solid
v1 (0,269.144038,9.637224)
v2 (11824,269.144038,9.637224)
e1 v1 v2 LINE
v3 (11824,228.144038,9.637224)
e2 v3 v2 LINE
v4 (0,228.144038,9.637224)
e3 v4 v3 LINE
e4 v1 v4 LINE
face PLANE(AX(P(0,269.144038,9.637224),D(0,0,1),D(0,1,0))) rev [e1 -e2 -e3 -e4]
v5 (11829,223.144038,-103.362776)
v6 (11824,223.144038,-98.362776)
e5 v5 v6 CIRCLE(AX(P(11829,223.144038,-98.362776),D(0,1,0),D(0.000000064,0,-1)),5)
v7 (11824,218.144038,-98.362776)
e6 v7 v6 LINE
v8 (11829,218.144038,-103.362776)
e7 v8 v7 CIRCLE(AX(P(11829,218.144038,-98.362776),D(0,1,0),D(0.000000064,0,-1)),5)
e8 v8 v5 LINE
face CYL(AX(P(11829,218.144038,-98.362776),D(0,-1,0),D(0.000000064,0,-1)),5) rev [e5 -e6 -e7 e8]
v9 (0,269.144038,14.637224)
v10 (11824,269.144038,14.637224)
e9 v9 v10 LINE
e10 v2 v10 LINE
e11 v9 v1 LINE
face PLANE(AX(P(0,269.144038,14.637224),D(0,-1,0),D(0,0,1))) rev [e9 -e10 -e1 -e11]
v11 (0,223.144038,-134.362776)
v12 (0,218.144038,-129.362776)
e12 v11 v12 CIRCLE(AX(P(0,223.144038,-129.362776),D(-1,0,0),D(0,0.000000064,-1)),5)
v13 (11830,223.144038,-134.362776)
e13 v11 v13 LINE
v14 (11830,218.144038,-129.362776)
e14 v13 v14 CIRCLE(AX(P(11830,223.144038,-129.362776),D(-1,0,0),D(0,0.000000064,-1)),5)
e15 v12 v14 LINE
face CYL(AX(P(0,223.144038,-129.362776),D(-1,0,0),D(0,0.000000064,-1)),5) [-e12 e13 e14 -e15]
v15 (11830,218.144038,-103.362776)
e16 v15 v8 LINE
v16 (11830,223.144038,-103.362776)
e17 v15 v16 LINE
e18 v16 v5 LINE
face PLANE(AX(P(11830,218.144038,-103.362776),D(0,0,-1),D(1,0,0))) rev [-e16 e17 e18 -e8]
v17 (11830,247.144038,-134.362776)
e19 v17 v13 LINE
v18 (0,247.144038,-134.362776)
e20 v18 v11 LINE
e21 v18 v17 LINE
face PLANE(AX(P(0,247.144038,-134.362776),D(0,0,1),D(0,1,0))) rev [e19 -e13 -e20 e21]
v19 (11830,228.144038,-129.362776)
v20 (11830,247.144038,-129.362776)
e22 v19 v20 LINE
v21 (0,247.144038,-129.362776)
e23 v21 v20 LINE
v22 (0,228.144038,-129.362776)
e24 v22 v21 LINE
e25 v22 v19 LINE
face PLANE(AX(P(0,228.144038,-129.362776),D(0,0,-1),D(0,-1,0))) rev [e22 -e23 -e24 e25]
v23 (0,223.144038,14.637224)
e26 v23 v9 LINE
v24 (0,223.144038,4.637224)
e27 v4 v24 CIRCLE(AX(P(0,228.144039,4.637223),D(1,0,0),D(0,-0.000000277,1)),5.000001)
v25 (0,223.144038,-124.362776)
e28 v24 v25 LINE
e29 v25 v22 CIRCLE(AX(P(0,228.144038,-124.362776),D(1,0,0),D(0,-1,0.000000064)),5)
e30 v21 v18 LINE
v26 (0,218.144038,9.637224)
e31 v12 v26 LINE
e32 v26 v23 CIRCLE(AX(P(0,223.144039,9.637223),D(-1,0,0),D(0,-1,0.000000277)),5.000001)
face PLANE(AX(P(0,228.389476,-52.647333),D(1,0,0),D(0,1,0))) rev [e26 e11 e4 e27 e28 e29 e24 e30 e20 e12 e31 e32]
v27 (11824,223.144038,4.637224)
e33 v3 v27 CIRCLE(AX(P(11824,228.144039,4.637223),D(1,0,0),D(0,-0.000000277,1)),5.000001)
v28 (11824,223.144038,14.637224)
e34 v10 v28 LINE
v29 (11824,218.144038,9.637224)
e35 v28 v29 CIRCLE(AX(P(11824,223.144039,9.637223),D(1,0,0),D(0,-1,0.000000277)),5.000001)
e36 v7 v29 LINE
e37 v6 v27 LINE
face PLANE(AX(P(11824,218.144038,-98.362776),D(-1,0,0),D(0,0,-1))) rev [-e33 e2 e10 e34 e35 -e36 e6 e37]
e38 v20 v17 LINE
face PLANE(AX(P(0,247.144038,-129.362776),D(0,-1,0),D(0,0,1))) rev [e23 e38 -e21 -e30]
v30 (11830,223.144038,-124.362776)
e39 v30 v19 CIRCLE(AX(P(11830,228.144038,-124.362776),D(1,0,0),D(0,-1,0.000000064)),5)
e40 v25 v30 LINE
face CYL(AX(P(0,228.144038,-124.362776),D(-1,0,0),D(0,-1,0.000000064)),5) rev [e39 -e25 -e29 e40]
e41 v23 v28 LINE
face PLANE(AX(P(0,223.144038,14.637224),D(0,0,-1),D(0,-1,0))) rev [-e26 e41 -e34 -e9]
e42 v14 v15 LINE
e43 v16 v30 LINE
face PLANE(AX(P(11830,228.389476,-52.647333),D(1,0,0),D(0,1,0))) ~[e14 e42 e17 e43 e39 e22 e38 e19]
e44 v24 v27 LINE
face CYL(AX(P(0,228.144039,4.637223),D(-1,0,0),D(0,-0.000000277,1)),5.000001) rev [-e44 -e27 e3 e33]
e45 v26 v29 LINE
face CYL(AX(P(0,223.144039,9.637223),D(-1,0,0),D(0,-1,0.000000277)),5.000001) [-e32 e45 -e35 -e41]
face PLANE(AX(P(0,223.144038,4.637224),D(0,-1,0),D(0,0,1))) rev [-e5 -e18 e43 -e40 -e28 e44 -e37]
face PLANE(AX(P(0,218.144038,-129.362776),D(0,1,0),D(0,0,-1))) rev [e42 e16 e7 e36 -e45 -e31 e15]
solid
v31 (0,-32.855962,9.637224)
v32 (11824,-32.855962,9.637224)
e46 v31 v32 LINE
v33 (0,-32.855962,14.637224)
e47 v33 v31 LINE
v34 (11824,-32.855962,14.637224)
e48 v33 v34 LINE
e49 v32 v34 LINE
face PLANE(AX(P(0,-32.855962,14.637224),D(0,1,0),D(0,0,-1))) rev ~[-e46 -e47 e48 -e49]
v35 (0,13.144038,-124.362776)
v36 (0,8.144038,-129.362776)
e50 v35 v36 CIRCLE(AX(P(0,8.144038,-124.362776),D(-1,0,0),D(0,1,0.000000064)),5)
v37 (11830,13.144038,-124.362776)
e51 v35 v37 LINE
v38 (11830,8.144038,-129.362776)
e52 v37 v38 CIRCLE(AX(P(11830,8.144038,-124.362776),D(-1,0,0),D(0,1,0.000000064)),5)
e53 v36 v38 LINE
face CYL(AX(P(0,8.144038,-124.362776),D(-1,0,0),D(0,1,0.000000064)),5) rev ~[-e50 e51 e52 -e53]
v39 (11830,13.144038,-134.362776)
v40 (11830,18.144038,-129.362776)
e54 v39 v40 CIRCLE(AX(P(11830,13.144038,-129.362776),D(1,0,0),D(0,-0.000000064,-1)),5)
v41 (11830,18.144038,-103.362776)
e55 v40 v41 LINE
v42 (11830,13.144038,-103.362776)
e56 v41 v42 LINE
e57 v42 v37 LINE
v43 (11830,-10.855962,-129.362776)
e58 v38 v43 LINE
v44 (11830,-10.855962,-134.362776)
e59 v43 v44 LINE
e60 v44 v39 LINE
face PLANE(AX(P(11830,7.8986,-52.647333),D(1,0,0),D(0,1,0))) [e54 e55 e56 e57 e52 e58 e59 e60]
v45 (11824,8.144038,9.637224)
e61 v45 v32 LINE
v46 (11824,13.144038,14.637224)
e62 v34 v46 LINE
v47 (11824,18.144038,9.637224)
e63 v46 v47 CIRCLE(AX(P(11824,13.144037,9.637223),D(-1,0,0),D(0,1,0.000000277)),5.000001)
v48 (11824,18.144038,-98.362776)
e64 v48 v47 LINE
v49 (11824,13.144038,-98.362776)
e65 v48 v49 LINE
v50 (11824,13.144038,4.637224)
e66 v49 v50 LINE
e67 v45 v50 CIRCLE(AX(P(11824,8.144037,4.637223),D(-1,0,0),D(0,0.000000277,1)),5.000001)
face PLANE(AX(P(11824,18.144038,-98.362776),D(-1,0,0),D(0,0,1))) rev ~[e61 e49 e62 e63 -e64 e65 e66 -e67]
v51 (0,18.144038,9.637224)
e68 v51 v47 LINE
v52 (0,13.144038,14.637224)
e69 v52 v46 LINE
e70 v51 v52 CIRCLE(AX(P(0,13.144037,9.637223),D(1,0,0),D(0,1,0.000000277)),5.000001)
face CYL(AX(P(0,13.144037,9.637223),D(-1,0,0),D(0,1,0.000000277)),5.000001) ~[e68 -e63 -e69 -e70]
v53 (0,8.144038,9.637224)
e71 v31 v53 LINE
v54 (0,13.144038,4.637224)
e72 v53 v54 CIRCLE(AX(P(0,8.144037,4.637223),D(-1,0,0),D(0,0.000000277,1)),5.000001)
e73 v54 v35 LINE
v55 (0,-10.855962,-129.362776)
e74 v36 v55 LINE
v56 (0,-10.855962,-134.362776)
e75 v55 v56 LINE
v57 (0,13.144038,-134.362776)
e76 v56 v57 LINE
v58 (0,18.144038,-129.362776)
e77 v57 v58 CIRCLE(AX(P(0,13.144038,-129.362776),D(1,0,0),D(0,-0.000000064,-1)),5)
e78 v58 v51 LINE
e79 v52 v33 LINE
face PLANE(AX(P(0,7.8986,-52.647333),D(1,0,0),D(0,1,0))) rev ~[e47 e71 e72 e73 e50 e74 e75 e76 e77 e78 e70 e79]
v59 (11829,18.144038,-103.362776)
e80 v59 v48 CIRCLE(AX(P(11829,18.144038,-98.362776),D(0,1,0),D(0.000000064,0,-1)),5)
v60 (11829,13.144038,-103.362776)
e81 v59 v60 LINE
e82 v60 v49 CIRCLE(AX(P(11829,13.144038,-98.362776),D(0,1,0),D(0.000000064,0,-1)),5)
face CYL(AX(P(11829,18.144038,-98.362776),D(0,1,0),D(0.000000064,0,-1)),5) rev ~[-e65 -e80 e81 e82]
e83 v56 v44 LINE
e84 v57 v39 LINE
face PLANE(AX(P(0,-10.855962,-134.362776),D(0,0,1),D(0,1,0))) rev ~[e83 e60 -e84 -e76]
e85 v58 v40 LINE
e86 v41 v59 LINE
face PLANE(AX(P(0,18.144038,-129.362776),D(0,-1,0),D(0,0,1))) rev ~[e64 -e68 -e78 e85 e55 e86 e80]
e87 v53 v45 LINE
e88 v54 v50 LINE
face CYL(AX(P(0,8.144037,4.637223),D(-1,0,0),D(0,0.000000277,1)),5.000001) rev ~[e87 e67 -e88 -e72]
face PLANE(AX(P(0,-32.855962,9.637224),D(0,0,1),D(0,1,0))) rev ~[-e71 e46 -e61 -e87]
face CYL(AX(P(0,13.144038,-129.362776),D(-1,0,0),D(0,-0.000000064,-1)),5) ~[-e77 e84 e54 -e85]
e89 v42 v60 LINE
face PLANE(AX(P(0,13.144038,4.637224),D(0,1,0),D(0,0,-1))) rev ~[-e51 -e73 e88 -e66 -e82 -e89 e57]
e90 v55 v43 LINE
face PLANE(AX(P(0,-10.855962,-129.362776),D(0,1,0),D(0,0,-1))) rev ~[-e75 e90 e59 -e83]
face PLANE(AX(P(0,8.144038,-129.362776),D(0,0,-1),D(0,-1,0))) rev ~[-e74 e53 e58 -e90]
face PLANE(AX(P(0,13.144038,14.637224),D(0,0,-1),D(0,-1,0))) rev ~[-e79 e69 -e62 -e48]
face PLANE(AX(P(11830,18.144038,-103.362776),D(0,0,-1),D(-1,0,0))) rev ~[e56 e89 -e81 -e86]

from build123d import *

# Parameters (mm, degrees)
F1_DEPTH = 11830
F3_DEPTH = 51


with BuildPart() as f1:
    # F0 (on Right) → F1 (new body)
    with BuildSketch(Plane.YZ):
        with BuildLine():
            Line((13.144038, 14.637224), (-32.855962, 14.637224))
            Line((-32.855962, 14.637224), (-32.855962, 9.637224))
            Line((-32.855962, 9.637224), (8.144038, 9.637224))
            ThreePointArc((8.144038, 9.637224), (11.679572, 8.172757), (13.144038, 4.637224))
            Line((13.144038, 4.637224), (13.144038, -124.362776))
            ThreePointArc((13.144038, -124.362776), (11.679572, -127.89831), (8.144038, -129.362776))
            Line((8.144038, -129.362776), (-10.855962, -129.362776))
            Line((-10.855962, -129.362776), (-10.855962, -134.362776))
            Line((-10.855962, -134.362776), (13.144038, -134.362776))
            ThreePointArc((13.144038, -134.362776), (16.679572, -132.89831), (18.144038, -129.362776))
            Line((18.144038, -129.362776), (18.144038, 9.637224))
            ThreePointArc((18.144038, 9.637224), (16.679572, 13.172757), (13.144038, 14.637224))
        make_face()
    extrude(amount=F1_DEPTH)

    # F2 (on face) → F3 (cut)
    with BuildSketch(Plane(origin=(0, 18.144038, 0), x_dir=(-1, 0, 0), z_dir=(0, 1, 0))):
        with BuildLine():
            Line((-11824, 9.637224), (-11830, 9.637224))
            Line((-11830, 9.637224), (-11830, -103.362776))
            Line((-11830, -103.362776), (-11829, -103.362776))
            ThreePointArc((-11829, -103.362776), (-11825.464466, -101.89831), (-11824, -98.362776))
            Line((-11824, -98.362776), (-11824, 9.637224))
        make_face()
        Polygon((-11830, 20.8505), (-11830, 9.637224), (-11824, 9.637224), (-11824, 20.8505), (-11825, 20.8505), align=None)
    extrude(amount=-F3_DEPTH, mode=Mode.SUBTRACT)


with BuildPart() as f5_1:
    # F5: instance of F1
    add(f1.part.mirror(Plane(origin=(5912.580681, 118.144038, -59.868277), x_dir=(-1, 0, 0), z_dir=(0, 1, 0))))


solid = Compound([f1.part, f5_1.part])
